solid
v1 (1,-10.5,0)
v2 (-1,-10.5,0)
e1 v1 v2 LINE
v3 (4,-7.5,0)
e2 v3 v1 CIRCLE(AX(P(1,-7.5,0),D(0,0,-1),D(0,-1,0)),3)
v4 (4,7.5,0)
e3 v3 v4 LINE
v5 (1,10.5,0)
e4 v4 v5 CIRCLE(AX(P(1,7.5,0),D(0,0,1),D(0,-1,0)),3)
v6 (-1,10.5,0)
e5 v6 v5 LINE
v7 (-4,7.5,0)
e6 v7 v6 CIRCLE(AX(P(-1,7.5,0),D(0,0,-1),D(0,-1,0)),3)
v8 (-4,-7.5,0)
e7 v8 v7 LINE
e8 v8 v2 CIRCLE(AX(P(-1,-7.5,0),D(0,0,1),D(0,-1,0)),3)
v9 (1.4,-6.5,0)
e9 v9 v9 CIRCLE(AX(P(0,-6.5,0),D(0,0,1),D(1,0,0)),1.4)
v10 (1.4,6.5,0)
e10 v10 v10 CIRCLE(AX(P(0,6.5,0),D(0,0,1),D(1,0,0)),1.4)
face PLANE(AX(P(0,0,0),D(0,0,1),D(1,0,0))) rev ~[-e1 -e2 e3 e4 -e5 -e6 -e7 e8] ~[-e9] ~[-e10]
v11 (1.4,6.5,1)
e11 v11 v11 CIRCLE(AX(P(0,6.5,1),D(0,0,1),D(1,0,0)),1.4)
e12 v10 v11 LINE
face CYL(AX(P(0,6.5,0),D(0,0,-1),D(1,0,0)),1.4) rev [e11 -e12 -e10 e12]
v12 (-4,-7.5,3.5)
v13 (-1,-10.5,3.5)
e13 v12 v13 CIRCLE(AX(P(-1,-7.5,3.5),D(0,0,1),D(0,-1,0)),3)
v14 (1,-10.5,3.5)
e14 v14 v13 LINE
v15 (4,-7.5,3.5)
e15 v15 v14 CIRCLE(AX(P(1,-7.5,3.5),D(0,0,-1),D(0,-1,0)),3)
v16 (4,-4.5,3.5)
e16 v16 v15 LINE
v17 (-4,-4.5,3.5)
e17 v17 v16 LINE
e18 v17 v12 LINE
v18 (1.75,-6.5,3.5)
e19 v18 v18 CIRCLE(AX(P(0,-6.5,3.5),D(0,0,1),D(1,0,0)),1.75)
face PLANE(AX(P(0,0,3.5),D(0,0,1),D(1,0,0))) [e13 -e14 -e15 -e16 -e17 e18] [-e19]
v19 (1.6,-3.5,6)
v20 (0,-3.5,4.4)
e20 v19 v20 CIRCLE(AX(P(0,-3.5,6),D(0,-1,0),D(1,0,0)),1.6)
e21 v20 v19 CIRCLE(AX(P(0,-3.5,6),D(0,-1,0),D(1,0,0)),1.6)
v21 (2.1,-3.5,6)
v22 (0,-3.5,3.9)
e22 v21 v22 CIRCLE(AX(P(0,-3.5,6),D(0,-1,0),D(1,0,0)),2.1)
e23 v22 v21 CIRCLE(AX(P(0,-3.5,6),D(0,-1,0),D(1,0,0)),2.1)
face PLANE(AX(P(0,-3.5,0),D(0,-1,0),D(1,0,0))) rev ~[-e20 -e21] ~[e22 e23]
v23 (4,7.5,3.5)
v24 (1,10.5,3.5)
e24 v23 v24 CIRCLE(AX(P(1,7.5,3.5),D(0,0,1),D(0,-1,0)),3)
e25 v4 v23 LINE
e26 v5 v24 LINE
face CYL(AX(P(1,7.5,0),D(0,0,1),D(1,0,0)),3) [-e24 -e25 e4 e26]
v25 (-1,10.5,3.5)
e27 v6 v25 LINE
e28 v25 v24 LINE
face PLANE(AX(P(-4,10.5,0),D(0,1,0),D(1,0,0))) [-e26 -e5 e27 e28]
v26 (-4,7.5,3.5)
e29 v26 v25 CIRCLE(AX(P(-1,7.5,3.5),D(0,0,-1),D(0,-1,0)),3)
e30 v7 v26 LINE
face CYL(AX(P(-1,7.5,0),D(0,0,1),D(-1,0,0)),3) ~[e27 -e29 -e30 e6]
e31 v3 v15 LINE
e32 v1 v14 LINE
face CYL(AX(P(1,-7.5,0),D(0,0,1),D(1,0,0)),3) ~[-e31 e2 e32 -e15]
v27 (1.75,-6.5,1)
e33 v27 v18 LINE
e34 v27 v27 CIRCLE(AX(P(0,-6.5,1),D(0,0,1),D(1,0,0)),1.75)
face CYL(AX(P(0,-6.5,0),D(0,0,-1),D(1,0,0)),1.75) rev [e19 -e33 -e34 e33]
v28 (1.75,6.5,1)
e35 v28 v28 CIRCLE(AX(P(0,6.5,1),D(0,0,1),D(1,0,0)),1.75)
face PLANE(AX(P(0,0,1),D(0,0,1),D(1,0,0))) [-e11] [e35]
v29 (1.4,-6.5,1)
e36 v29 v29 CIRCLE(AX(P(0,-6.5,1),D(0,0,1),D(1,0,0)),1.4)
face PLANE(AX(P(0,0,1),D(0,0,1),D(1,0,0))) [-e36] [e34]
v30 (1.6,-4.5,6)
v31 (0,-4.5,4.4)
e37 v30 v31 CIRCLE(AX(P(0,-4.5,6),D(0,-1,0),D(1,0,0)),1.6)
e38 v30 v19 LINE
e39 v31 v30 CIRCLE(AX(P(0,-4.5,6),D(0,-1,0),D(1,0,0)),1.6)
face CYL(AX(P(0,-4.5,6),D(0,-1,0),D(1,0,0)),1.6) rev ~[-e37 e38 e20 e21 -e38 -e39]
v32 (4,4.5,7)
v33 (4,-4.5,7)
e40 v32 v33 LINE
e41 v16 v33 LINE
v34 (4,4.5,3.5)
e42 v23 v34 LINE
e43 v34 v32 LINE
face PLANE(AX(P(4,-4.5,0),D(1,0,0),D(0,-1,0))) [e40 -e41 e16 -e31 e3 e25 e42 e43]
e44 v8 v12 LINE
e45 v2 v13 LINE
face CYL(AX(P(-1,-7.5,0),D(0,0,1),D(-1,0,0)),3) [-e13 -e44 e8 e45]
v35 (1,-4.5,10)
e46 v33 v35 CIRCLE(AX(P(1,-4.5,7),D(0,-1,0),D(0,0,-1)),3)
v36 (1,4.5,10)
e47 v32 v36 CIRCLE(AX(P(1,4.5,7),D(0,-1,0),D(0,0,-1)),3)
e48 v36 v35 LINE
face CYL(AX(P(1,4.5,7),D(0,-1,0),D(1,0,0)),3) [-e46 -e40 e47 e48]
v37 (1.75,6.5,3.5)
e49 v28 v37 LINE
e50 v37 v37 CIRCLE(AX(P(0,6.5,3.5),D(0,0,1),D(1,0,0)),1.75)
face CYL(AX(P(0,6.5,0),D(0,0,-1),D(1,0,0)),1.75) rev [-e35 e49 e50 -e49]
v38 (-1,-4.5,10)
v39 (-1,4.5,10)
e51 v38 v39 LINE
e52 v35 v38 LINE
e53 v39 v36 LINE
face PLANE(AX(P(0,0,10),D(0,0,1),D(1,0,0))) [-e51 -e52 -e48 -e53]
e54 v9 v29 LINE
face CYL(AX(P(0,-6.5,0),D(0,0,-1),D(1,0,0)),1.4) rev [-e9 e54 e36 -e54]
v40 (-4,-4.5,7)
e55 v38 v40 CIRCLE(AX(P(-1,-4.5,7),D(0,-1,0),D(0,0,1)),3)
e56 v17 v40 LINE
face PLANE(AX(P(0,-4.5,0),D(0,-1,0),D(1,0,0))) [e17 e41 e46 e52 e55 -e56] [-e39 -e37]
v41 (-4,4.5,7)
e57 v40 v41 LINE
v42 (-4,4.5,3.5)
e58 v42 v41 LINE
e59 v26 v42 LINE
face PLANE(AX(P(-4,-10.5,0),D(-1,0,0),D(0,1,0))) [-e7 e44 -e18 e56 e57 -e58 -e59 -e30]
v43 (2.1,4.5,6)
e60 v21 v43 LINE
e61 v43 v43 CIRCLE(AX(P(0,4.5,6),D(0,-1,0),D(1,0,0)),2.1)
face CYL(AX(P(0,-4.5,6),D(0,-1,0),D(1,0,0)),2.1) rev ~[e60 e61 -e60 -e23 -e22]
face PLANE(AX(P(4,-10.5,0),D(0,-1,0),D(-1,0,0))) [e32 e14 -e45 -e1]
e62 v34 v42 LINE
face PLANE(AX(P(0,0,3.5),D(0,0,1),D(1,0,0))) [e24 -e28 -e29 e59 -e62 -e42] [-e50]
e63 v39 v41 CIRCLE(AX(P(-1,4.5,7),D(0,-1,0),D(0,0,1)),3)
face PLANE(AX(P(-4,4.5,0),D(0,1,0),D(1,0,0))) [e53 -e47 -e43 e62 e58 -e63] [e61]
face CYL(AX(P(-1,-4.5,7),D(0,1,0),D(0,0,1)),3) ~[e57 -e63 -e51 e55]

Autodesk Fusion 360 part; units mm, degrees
sketch "Sketch1" plane through (0, 0, 0) normal (0, 0, 1) x (1, 0, 0)
  line L0 (0, 6.5) -> (0, -6.5) construction
  circle A0 centre (0, 6.5) radius 1.75
  circle A1 centre (0, -6.5) radius 1.75
  line L1 (4, -4.5) -> (-4, -4.5)
  line L2 (-4, -4.5) -> (-4, 4.5) construction
  line L3 (-4, 4.5) -> (4, 4.5)
  line L4 (4, 4.5) -> (4, -4.5) construction
  line L5 (4, -4.5) -> (-4, 4.5) construction
  line L6 (-4, -4.5) -> (4, 4.5) construction
  line L7 (4, -10.5) -> (-4, -10.5)
  line L8 (-4, -10.5) -> (-4, 10.5)
  line L9 (-4, 10.5) -> (4, 10.5)
  line L10 (4, 10.5) -> (4, -10.5)
  line L11 (4, -10.5) -> (-4, 10.5) construction
  line L12 (-4, -10.5) -> (4, 10.5) construction
  circle A2 centre (0, -6.5) radius 1.4
  circle A3 centre (0, 6.5) radius 1.4
  dimension "d1" = 13
  dimension "d2" = 3.5
  dimension "d3" = 3.5
  dimension "d5" = 9
  dimension "d10" = 2.8
  dimension "d11" = 2.8
  dimension "d14" = 4
  dimension "d15" = 4
extrude "Extrude1" add sketch "Sketch1" along normal blind 3.5 contours L1 L7 L8 L10 | L1 L3 L8 L10 | L3 L8 L9 L10
extrude "Extrude2" add sketch "Sketch1" along normal blind 1 contours A0 | A1
extrude "Extrude3" add sketch "Sketch1" along normal blind 10 contours L1 L3 L8 L10
sketch "Sketch2" plane through (0, -4.5, 0) normal (0, -1, 0) x (1, 0, 0)
  line L0 (-4, 3.5) -> (4, 3.5)
  line L1 (4, 3.5) -> (4, 10)
  line L2 (4, 10) -> (-4, 10)
  line L3 (-4, 10) -> (-4, 3.5)
  circle A0 centre (0, 6) radius 2.1
  line L4 (0, 6) -> (0, 3.5)
  circle A1 centre (0, 6) radius 1.6
  dimension "d18" = 4.2
  dimension "d19" = 2.5
  dimension "d24" = 3.2
extrude "Extrude4" cut sketch "Sketch2" against normal blind 14 contours A1 | A0
fillet "Fillet1" radius 3 2 edges at (-4, 0, 10) (4, 0, 10)
extrude "Extrude5" add sketch "Sketch2" against normal blind 1 contours A0
fillet "Fillet2" radius 3 4 edges at (4, -10.5, 1.75) (-4, -10.5, 1.75) (-4, 10.5, 1.75) (4, 10.5, 1.75)
